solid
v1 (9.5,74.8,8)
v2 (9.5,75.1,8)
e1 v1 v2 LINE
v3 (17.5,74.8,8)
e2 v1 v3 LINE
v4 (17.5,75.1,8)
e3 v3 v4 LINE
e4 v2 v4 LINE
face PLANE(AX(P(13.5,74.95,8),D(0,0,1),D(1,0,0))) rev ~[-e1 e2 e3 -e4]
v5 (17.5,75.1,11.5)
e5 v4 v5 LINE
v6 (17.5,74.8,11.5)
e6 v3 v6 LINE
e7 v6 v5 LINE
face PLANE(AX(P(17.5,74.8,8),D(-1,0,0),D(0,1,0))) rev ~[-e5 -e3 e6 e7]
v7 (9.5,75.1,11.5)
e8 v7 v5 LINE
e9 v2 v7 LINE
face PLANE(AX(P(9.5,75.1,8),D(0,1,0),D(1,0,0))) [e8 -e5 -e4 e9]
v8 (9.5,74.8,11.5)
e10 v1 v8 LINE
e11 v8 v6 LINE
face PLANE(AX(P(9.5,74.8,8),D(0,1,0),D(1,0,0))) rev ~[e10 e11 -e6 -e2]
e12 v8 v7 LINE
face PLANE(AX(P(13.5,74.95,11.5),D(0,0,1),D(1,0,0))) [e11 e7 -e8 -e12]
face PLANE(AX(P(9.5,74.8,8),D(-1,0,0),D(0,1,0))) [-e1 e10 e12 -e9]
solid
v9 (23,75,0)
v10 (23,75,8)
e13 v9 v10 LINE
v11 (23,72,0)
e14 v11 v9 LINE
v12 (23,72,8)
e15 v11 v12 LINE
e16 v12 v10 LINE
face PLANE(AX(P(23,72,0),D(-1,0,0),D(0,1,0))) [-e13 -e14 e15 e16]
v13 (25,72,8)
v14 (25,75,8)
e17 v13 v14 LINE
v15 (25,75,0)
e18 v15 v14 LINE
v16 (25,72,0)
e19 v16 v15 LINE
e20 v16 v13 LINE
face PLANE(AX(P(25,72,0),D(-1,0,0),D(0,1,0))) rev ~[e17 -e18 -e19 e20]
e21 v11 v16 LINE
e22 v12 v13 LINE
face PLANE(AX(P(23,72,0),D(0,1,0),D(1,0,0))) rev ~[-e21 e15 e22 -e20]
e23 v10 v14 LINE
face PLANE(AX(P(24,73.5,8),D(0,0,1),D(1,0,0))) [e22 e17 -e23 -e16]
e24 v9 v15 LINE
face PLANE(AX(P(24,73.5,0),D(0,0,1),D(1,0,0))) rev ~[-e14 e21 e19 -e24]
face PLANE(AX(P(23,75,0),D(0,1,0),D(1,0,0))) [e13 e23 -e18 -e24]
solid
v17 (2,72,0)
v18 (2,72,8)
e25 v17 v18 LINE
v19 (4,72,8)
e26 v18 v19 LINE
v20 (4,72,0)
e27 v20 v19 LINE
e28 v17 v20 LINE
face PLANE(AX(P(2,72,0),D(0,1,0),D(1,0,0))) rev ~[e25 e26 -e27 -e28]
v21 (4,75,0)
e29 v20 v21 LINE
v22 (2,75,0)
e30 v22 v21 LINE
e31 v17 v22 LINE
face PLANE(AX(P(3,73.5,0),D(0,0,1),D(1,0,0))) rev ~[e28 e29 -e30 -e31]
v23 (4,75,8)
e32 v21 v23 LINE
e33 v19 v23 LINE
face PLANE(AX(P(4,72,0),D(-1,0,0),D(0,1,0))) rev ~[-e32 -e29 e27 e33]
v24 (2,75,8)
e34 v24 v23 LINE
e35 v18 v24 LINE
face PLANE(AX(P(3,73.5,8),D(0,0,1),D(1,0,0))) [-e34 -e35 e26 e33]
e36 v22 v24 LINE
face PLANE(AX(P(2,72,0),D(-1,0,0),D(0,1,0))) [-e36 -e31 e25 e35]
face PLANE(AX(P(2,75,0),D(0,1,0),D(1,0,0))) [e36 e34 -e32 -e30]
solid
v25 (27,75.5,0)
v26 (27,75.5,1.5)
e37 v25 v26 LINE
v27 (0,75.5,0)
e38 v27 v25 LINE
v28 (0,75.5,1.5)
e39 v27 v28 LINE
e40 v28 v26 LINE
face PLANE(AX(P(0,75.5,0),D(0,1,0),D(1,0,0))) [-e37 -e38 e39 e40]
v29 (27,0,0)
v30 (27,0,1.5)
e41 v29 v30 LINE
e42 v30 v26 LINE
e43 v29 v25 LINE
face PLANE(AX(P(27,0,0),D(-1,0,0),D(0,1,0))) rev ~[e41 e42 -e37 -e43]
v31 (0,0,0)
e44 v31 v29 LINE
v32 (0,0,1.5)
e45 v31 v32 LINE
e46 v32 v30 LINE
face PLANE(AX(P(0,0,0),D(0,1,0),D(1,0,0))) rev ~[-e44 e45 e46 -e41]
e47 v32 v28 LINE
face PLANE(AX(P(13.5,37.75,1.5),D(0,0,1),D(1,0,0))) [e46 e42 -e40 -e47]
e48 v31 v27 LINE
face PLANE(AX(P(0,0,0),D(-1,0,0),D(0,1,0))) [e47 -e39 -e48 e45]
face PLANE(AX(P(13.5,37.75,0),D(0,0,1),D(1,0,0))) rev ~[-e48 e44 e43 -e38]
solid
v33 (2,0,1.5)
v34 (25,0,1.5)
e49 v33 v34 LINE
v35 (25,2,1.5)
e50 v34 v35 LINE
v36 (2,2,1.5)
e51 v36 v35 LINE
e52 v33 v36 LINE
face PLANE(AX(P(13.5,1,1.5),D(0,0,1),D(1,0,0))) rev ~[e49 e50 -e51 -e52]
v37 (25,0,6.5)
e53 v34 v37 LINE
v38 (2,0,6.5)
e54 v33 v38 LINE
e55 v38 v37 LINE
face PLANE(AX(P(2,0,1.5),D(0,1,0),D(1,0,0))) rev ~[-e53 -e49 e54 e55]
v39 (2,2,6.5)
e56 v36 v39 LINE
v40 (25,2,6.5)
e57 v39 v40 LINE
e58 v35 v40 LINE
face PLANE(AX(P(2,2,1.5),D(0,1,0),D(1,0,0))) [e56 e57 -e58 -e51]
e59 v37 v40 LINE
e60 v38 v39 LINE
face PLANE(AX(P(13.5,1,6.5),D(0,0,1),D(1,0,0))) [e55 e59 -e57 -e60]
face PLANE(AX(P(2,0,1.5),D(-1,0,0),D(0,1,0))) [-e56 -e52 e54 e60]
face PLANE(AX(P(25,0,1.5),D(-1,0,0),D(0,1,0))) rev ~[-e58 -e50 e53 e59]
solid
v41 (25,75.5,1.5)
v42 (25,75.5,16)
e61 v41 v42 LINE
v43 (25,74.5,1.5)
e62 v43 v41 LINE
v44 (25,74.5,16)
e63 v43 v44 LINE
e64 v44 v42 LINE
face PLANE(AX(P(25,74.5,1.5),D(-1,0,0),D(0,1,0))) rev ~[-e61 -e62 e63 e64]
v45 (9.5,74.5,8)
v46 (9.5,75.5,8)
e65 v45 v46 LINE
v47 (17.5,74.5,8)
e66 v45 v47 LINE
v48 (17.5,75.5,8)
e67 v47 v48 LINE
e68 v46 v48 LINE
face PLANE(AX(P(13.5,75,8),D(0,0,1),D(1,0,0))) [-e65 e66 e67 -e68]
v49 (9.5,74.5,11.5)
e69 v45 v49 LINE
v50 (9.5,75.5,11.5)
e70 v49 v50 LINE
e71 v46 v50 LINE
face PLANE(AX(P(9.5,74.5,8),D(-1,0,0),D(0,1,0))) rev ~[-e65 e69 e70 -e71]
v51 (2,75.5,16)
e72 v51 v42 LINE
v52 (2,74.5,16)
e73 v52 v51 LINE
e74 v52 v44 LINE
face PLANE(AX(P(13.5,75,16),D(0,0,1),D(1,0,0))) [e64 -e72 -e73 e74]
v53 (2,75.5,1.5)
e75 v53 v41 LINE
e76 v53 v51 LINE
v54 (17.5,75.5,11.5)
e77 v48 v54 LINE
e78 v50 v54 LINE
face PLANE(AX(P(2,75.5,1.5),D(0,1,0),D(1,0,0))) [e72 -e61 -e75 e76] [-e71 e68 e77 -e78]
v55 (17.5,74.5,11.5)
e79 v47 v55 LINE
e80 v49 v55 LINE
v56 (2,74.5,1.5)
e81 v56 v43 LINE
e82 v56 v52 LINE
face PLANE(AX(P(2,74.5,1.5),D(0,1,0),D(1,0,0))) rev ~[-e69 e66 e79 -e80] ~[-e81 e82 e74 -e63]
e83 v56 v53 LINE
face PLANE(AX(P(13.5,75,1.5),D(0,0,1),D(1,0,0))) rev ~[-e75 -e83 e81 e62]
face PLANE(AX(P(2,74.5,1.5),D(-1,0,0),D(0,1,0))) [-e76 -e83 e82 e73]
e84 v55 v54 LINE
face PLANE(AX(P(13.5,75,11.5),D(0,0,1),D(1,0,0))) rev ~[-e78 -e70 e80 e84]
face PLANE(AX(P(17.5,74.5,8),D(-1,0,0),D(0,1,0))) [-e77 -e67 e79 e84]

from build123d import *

# Parameters (mm, degrees)
BOX_W        = 27
BOX_H        = 75.5
BOX_DEPTH    = 1.5
BOX001_W     = 23
BOX001_H     = 2
BOX001_DEPTH = 5
BOX003_W     = 8
BOX003_H     = 1
BOX003_DEPTH = 3.5
BOX002_W     = 23
BOX002_H     = 1
BOX002_DEPTH = 14.5
BOX004_W     = 8
BOX004_H     = 0.3
BOX004_DEPTH = 3.5
BOX005_W     = 2
BOX005_H     = 3
BOX005_DEPTH = 8
BOX006_W     = 2
BOX006_H     = 3
BOX006_DEPTH = 8


with BuildPart() as kocka:
    # Box → Box (new body)
    with BuildSketch(Plane.XY):
        with Locations((13.5, 37.75)):
            Rectangle(BOX_W, BOX_H)
    extrude(amount=BOX_DEPTH)


with BuildPart() as kocka001:
    # Box001 → Box001 (new body)
    with BuildSketch(Plane(origin=(2, 0, 1.5), x_dir=(1, 0, 0), z_dir=(0, 0, 1))):
        with Locations((11.5, 1)):
            Rectangle(BOX001_W, BOX001_H)
    extrude(amount=BOX001_DEPTH)


with BuildPart() as kocka003:
    # Box003 → Box003 (new body)
    with BuildSketch(Plane(origin=(9.5, 74.5, 8), x_dir=(1, 0, 0), z_dir=(0, 0, 1))):
        with Locations((4, 0.5)):
            Rectangle(BOX003_W, BOX003_H)
    extrude(amount=BOX003_DEPTH)


with BuildPart() as cut:
    # Box002 → Box002 (new body)
    with BuildSketch(Plane(origin=(2, 74.5, 1.5), x_dir=(1, 0, 0), z_dir=(0, 0, 1))):
        with Locations((11.5, 0.5)):
            Rectangle(BOX002_W, BOX002_H)
    extrude(amount=BOX002_DEPTH)

    # Cut: cut Kocka003
    add(kocka003.part, mode=Mode.SUBTRACT)


with BuildPart() as kocka004:
    # Box004 → Box004 (new body)
    with BuildSketch(Plane(origin=(9.5, 74.8, 8), x_dir=(1, 0, 0), z_dir=(0, 0, 1))):
        with Locations((4, 0.15)):
            Rectangle(BOX004_W, BOX004_H)
    extrude(amount=BOX004_DEPTH)


with BuildPart() as kocka005:
    # Box005 → Box005 (new body)
    with BuildSketch(Plane(origin=(2, 72, 0), x_dir=(1, 0, 0), z_dir=(0, 0, 1))):
        with Locations((1, 1.5)):
            Rectangle(BOX005_W, BOX005_H)
    extrude(amount=BOX005_DEPTH)


with BuildPart() as kocka006:
    # Box006 → Box006 (new body)
    with BuildSketch(Plane(origin=(23, 72, 0), x_dir=(1, 0, 0), z_dir=(0, 0, 1))):
        with Locations((1, 1.5)):
            Rectangle(BOX006_W, BOX006_H)
    extrude(amount=BOX006_DEPTH)


solid = Compound([kocka.part, kocka001.part, cut.part, kocka004.part, kocka005.part, kocka006.part])
